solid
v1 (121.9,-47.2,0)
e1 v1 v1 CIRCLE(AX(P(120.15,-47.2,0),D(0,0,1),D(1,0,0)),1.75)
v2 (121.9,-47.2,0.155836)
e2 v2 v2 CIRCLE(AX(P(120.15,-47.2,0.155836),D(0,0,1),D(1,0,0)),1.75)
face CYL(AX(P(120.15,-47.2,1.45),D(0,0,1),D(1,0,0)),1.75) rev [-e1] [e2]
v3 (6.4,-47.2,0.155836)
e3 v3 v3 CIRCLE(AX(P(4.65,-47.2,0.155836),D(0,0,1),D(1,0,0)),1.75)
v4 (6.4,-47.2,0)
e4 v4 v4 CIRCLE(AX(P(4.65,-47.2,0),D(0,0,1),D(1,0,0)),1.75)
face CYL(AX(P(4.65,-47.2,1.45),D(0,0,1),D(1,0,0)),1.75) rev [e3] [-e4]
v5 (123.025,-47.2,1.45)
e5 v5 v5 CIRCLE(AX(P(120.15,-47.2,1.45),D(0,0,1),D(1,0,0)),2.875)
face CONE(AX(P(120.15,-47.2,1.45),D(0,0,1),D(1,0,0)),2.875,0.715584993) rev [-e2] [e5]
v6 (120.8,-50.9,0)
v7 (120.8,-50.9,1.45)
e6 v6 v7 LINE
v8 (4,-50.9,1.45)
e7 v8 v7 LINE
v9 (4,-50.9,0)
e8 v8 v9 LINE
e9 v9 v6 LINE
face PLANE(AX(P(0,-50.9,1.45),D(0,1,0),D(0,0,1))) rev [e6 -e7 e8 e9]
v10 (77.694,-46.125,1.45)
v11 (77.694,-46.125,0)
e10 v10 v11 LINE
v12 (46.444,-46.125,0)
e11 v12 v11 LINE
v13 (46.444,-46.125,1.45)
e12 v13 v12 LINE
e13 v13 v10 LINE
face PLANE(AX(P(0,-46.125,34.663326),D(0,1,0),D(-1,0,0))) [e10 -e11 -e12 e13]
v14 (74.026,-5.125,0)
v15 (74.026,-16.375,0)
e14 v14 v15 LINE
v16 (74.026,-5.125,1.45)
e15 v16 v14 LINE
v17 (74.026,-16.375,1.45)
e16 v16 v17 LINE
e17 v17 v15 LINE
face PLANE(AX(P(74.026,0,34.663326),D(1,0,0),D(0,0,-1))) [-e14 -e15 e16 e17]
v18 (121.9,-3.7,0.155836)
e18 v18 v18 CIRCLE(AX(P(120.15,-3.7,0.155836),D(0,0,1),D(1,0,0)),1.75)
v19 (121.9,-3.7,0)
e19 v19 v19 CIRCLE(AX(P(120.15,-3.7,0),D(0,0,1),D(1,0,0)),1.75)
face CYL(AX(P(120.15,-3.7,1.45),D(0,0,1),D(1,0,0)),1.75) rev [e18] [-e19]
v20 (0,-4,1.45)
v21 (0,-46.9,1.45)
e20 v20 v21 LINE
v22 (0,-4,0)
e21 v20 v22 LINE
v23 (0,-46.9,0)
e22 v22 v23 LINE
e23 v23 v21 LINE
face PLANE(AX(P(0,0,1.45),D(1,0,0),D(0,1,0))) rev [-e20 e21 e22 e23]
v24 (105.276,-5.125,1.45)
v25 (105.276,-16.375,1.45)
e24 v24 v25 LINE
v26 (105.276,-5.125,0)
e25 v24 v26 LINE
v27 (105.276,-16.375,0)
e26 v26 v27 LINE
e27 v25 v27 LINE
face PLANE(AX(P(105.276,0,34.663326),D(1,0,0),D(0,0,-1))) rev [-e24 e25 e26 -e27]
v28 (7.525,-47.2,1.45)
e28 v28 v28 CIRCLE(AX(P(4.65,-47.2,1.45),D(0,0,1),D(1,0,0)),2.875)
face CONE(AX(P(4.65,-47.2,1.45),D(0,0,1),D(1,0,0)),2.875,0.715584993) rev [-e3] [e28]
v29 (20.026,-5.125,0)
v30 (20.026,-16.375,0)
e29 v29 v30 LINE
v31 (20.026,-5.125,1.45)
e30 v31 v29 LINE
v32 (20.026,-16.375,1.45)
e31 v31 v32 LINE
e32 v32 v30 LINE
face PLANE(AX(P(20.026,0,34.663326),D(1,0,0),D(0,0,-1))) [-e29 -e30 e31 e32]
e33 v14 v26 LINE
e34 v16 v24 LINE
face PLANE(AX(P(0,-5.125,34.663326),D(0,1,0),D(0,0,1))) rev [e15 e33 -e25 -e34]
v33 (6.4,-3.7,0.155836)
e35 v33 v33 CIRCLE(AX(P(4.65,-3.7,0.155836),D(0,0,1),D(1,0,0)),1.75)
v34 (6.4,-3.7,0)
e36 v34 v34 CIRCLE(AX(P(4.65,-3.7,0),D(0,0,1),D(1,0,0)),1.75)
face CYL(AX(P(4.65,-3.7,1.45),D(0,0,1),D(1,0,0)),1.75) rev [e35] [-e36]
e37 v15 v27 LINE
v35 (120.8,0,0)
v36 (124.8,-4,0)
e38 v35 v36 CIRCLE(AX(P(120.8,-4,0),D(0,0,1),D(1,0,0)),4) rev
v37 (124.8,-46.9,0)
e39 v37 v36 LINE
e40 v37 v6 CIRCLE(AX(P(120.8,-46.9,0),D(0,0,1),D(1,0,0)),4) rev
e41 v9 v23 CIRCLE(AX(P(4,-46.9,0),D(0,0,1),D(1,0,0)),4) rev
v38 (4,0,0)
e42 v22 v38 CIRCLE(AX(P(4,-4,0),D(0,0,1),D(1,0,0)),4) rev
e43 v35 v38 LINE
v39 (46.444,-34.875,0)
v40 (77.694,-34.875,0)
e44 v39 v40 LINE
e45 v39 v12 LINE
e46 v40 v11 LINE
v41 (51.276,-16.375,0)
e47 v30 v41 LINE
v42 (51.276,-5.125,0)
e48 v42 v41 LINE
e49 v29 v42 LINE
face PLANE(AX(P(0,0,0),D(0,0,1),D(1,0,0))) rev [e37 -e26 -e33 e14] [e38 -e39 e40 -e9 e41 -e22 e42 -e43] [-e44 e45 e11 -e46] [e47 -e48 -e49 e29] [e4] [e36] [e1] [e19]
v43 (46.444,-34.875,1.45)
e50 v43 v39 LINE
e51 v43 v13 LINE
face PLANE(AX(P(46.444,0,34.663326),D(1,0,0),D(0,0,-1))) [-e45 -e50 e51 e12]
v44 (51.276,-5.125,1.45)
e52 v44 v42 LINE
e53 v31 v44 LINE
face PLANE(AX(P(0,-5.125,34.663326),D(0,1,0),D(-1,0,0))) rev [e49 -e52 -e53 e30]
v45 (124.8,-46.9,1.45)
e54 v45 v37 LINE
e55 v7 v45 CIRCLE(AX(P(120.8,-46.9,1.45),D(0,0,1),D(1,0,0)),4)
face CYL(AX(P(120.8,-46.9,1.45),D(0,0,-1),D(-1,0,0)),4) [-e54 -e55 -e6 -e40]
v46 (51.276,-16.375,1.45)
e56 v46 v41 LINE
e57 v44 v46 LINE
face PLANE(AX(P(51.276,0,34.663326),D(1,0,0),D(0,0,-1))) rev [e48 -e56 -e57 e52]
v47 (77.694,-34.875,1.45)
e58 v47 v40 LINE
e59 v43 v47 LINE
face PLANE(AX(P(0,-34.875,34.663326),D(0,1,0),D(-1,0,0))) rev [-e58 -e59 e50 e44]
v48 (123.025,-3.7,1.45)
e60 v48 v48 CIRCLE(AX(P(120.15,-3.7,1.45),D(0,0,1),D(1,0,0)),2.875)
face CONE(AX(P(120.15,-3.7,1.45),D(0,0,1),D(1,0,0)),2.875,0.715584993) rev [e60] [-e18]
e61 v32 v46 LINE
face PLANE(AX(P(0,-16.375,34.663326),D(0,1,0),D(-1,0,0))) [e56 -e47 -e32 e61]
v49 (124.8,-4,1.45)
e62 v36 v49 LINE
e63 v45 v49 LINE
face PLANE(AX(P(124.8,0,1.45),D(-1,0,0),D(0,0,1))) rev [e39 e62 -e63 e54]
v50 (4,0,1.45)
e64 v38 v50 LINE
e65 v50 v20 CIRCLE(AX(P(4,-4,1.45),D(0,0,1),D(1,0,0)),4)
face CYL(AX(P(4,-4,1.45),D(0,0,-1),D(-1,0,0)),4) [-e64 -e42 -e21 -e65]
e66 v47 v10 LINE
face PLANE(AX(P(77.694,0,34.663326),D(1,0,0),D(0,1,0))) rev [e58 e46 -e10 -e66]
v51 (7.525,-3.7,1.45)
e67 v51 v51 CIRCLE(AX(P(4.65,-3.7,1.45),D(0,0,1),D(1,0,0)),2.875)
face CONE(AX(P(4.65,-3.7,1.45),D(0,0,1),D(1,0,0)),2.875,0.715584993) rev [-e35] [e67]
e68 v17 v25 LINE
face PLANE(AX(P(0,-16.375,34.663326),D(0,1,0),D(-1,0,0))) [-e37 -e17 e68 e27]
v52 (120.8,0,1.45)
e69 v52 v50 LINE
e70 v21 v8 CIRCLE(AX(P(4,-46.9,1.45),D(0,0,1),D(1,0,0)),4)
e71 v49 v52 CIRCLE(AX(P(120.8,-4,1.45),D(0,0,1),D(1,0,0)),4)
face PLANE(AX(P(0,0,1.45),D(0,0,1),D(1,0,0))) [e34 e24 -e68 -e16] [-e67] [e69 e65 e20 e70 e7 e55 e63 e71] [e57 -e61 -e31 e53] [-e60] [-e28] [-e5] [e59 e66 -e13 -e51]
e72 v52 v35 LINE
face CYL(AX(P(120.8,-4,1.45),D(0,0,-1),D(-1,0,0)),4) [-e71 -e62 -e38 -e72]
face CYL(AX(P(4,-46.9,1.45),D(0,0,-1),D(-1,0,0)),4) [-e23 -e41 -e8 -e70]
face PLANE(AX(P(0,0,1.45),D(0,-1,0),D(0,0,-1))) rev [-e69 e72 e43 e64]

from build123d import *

# Parameters (mm, degrees)
SKETCH1_W                                      = 124.8
SKETCH1_H                                      = 50.9
BOSS_EXTRUDE1_DEPTH                            = 1.45
CSK_FOR_M3_5_FLAT_HEAD_MACHINE_SCREW1_AT_COUNT = 2
CSK_FOR_M3_5_FLAT_HEAD_MACHINE_SCREW1_AT_PITCH = 115.5
CSK_FOR_M3_5_FLAT_HEAD_MACHINE_SCREW_2_COUNT   = 2
CSK_FOR_M3_5_FLAT_HEAD_MACHINE_SCREW_2_PITCH   = 123.420014584
CSK_FOR_M3_5_FLAT_HEAD_MACHINE_SCREW_3_COUNT   = 2
CSK_FOR_M3_5_FLAT_HEAD_MACHINE_SCREW_3_PITCH   = 43.5
FILLET2_R                                      = 4
SKETCH4_W                                      = 31.25
SKETCH4_H                                      = 11.25
CUT_EXTRUDE1_DEPTH                             = 1.45


with BuildPart() as part:
    # Sketch1 → Boss-Extrude1 (new body)
    with BuildSketch(Plane.XY):
        with Locations((62.4, -25.45)):
            Rectangle(SKETCH1_W, SKETCH1_H)
    extrude(amount=BOSS_EXTRUDE1_DEPTH)

    # Sketch2 → CSK for M3.5 Flat Head Machine Screw1 (revolve, cut)
    with BuildSketch(Plane(origin=(4.65, -3.7, 1.45), x_dir=(0, -1, 0), z_dir=(1, 0, 0))):
        Polygon((0, 0), (0, 1.45), (1.75, 1.45), (1.75, 1.294164458), (2.875, 0), align=None)
    csk_for_m3_5_flat_head_machine_screw1 = revolve(axis=Axis((4.65, -3.7, 7.8), (0, 0, -1)), mode=Mode.SUBTRACT)

    # CSK for M3.5 Flat Head Machine Screw1 at: CSK for M3.5 Flat Head Machine Screw1 ×2
    with Locations(*[(i * CSK_FOR_M3_5_FLAT_HEAD_MACHINE_SCREW1_AT_PITCH, 0, 0) for i in range(1, CSK_FOR_M3_5_FLAT_HEAD_MACHINE_SCREW1_AT_COUNT)]):
        add(csk_for_m3_5_flat_head_machine_screw1, mode=Mode.SUBTRACT)

    # CSK for M3.5 Flat Head Machine Screw 2: CSK for M3.5 Flat Head Machine Screw1 ×2
    with Locations(*[Vector(0.935828766, -0.35245499, 0) * (i * CSK_FOR_M3_5_FLAT_HEAD_MACHINE_SCREW_2_PITCH) for i in range(1, CSK_FOR_M3_5_FLAT_HEAD_MACHINE_SCREW_2_COUNT)]):
        add(csk_for_m3_5_flat_head_machine_screw1, mode=Mode.SUBTRACT)

    # CSK for M3.5 Flat Head Machine Screw 3: CSK for M3.5 Flat Head Machine Screw1 ×2
    with Locations(*[(0, -i * CSK_FOR_M3_5_FLAT_HEAD_MACHINE_SCREW_3_PITCH, 0) for i in range(1, CSK_FOR_M3_5_FLAT_HEAD_MACHINE_SCREW_3_COUNT)]):
        add(csk_for_m3_5_flat_head_machine_screw1, mode=Mode.SUBTRACT)

    # Fillet2
    fillet2_edges = [part.edges().sort_by_distance(p)[0] for p in [
        (0, 0, 0.725),
        (124.8, 0, 0.725),
        (124.8, -50.9, 0.725),
        (0, -50.9, 0.725),
    ]]
    fillet(fillet2_edges, radius=FILLET2_R)

    # Sketch4 → Cut-Extrude1 (cut)
    with BuildSketch(Plane.XY):
        with Locations((35.651, -10.75)):
            Rectangle(SKETCH4_W, SKETCH4_H)
        with Locations((89.651, -10.75)):
            Rectangle(SKETCH4_W, SKETCH4_H)
        with Locations((62.069, -40.5)):
            Rectangle(SKETCH4_W, SKETCH4_H)
    extrude(amount=CUT_EXTRUDE1_DEPTH, mode=Mode.SUBTRACT)


solid = part.part
